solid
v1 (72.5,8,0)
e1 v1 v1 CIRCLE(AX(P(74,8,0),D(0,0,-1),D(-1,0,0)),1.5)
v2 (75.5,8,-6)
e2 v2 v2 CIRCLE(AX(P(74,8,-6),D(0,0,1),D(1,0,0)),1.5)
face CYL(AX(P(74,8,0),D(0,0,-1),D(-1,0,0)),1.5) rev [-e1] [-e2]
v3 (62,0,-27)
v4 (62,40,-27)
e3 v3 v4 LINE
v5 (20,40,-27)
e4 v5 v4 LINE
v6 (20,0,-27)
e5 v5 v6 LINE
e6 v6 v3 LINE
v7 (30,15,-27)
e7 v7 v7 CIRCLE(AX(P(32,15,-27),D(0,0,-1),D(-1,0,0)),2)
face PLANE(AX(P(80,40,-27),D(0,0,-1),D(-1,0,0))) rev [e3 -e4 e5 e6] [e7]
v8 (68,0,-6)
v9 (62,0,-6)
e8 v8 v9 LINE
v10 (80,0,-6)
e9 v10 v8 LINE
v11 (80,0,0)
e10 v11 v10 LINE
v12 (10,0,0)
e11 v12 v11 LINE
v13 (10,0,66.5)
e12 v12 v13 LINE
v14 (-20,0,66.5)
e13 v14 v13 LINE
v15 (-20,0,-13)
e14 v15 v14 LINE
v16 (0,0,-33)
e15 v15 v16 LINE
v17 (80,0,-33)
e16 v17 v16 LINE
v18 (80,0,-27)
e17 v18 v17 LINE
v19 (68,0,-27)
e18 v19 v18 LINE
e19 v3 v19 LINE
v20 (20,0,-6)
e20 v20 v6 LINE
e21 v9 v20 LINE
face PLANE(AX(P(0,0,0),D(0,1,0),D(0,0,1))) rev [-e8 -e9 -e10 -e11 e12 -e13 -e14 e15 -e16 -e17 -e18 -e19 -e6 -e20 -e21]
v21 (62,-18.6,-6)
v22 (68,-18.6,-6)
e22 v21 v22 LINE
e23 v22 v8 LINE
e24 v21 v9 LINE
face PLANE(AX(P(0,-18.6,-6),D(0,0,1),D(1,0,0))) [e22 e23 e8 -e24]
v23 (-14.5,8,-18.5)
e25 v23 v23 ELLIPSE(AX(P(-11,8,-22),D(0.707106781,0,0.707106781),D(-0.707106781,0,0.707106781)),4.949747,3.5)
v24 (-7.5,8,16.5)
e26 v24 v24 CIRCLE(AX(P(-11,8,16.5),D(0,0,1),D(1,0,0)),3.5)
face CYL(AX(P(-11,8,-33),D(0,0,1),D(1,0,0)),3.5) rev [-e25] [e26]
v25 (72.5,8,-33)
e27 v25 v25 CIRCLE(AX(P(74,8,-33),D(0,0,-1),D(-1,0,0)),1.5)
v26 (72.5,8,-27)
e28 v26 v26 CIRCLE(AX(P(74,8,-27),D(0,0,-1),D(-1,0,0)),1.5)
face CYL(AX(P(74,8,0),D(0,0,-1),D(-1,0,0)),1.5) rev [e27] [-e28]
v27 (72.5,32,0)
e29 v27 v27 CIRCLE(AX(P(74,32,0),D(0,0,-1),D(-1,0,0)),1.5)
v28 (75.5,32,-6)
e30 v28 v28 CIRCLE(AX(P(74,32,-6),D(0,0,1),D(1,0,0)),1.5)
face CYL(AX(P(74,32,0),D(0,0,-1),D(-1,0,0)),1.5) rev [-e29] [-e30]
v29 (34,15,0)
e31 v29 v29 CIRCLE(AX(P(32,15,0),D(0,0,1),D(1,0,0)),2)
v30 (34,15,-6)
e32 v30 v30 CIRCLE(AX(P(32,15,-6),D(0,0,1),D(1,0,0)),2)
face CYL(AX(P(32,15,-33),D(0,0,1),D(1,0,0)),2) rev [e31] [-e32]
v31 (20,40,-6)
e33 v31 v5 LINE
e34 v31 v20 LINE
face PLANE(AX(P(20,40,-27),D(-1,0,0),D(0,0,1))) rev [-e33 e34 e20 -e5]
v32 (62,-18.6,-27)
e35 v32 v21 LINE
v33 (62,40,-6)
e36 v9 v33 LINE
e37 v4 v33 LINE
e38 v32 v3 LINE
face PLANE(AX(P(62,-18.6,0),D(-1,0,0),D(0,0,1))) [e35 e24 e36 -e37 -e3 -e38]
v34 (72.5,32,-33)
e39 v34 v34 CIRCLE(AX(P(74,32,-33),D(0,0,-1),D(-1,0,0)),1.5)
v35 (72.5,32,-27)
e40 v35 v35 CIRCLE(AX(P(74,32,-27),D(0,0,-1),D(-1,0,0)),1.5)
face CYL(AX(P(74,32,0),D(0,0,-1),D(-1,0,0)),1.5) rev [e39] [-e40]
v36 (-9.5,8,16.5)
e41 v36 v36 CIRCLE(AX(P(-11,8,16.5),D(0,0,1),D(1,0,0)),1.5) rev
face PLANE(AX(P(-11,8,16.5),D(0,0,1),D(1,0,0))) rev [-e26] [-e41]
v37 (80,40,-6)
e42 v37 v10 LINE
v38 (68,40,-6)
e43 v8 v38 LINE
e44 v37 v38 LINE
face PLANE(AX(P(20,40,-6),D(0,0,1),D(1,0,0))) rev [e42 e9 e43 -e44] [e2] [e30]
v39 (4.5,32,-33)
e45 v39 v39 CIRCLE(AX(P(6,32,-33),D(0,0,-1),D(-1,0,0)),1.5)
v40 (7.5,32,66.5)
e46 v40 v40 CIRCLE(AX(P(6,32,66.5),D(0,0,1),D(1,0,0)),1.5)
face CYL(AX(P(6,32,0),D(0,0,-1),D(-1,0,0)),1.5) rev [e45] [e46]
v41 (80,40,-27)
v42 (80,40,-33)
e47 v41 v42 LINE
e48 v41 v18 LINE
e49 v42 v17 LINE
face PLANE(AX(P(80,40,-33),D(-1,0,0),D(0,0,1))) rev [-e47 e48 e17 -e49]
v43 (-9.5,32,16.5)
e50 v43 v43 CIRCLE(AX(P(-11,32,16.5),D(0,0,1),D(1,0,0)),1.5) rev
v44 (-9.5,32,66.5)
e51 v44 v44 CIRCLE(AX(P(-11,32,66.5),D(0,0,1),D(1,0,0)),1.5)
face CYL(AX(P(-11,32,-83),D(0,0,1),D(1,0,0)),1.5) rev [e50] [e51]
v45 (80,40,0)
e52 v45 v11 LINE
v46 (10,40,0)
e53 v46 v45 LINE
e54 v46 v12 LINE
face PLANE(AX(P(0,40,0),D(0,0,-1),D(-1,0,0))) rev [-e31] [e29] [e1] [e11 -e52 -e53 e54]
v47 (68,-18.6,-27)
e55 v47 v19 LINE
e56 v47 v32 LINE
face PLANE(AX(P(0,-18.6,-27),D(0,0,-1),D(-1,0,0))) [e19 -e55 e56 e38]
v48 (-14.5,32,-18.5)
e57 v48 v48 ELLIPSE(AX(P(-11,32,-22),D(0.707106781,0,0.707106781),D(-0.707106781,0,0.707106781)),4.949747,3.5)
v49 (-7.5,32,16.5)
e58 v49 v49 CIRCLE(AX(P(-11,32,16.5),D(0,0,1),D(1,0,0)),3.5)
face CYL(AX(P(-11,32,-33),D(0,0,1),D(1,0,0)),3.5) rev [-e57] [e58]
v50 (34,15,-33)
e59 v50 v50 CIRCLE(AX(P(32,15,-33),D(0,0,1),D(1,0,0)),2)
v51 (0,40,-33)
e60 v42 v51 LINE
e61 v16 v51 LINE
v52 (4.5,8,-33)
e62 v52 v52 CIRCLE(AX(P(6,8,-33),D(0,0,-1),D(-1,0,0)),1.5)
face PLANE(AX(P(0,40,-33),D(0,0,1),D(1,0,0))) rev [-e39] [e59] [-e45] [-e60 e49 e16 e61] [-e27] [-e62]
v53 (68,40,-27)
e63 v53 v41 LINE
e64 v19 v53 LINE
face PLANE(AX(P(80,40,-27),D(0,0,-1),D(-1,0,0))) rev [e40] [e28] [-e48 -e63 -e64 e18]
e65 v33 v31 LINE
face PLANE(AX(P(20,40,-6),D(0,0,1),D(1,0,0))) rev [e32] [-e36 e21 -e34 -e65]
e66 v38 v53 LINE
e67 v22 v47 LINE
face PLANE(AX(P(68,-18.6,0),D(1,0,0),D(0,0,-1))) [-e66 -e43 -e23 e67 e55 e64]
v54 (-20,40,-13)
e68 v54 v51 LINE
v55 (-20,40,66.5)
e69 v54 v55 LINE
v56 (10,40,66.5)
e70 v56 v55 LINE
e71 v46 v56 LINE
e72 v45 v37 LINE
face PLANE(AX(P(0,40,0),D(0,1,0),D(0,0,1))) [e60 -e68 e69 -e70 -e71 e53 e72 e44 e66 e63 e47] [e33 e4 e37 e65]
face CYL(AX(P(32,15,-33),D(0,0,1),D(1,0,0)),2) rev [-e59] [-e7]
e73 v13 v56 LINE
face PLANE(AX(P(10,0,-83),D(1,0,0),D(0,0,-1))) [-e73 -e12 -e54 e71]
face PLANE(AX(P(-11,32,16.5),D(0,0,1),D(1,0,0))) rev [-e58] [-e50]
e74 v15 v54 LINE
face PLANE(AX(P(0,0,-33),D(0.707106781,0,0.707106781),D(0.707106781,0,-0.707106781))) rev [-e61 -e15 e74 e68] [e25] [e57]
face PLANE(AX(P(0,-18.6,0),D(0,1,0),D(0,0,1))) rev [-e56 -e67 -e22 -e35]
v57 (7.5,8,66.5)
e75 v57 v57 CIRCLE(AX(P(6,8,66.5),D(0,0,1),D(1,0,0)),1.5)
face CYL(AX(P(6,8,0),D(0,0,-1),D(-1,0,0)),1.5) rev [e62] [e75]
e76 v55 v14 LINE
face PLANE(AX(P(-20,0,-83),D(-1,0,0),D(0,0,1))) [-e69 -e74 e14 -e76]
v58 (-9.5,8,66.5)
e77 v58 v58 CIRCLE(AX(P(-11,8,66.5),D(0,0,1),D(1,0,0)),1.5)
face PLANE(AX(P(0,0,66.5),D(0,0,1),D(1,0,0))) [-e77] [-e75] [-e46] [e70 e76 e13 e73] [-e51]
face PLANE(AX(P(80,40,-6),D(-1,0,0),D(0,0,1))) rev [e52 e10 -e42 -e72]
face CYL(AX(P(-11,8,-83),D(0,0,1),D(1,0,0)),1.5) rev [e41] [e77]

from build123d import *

# Parameters (mm, degrees)
EXTRUDE_1_DEPTH             = 40
SKETCH_8_R                  = 1.5
CUT_EXTRUDE_2_DEPTH         = 96.336247042
SKETCH_12_W                 = 30
SKETCH_12_H                 = 40
SKETCH_12_R                 = 1.5
EXTRUDE_7_DEPTH             = 66.5
EXTRUDE_7_DIRECTION_2_REACH = 97.336
CUT_EXTRUDE_3_DEPTH         = 112.45514793
CUT_EXTRUDE_START           = -50
SKETCH_15_R                 = 3.5
CUT_EXTRUDE_4_DEPTH         = 84.791815893
EXTRUDE_START               = -58.6
SKETCH_16_W                 = 6
SKETCH_16_H                 = 21
EXTRUDE_9_DEPTH             = 58.6
SKETCH_17_R                 = 2
CUT_EXTRUDE_5_DEPTH         = 112.45514793


with BuildPart() as part:
    # 草图1 → 凸台-拉伸1 (new body)
    with BuildSketch(Plane(origin=(0, 0, 0), x_dir=(1, 0, 0), z_dir=(0, 1, 0))):
        Polygon((0, 0), (80, 0), (80, 6), (20, 6), (20, 27), (80, 27), (80, 33), (0, 33), align=None)
    extrude(amount=EXTRUDE_1_DEPTH)

    # 草图8 → 切除-拉伸2 (cut, through all)
    with BuildSketch(Plane(origin=(0, 0, -33), x_dir=(-1, 0, 0), z_dir=(0, 0, -1))):
        with Locations((-74, 8)):
            Circle(SKETCH_8_R)
        with Locations((-74, 32)):
            Circle(SKETCH_8_R)
        with Locations((-6, 32)):
            Circle(SKETCH_8_R)
        with Locations((-6, 8)):
            Circle(SKETCH_8_R)
    extrude(amount=-CUT_EXTRUDE_2_DEPTH, mode=Mode.SUBTRACT)

    # 草图12 → 凸台-拉伸7 (add)
    with BuildSketch(Plane.XY):
        with Locations((-5, 20)):
            Rectangle(SKETCH_12_W, SKETCH_12_H)
        with Locations((-11, 32)):
            Circle(SKETCH_12_R, mode=Mode.SUBTRACT)
        with Locations((-11, 8)):
            Circle(SKETCH_12_R, mode=Mode.SUBTRACT)
        with Locations(Location((6, 8, 0), (0, 0, 180))):
            Circle(SKETCH_12_R, mode=Mode.SUBTRACT)
        with Locations(Location((6, 32, 0), (0, 0, 180))):
            Circle(SKETCH_12_R, mode=Mode.SUBTRACT)
    extrude(amount=EXTRUDE_7_DEPTH)

    # 凸台-拉伸7 direction 2: up to this face of the body (flat: up to its plane)
    extrude_7_direction_2_end = Plane(part.part.faces().sort_by_distance((40, 20, -33))[0])
    # 草图12 → 凸台-拉伸7 direction 2 (add, up to the picked face)
    with BuildSketch(Plane.XY, mode=Mode.PRIVATE) as extrude_7_direction_2_sk1:
        with Locations((-5, 20)):
            Rectangle(SKETCH_12_W, SKETCH_12_H)
        with Locations((-11, 32)):
            Circle(SKETCH_12_R, mode=Mode.SUBTRACT)
        with Locations((-11, 8)):
            Circle(SKETCH_12_R, mode=Mode.SUBTRACT)
        with Locations(Location((6, 8, 0), (0, 0, 180))):
            Circle(SKETCH_12_R, mode=Mode.SUBTRACT)
        with Locations(Location((6, 32, 0), (0, 0, 180))):
            Circle(SKETCH_12_R, mode=Mode.SUBTRACT)
    extrude_7_direction_2_tool1 = split(extrude(extrude_7_direction_2_sk1.sketch, amount=-EXTRUDE_7_DIRECTION_2_REACH, mode=Mode.PRIVATE), bisect_by=extrude_7_direction_2_end, keep=Keep.BOTH, mode=Mode.PRIVATE)
    add(extrude_7_direction_2_tool1.solids().sort_by(Axis((-5.060326, 20, 0), (0, 0, -1)))[0])

    # 草图14 → 切除-拉伸3 (cut, through all)
    with BuildSketch(Plane(origin=(0, 40, 0), x_dir=(1, 0, 0), z_dir=(0, 1, 0))):
        Polygon((-20, 33), (0, 33), (-20, 13), align=None)
    extrude(amount=-CUT_EXTRUDE_3_DEPTH, mode=Mode.SUBTRACT)

    # 草图15 → 切除-拉伸4 (cut, through all)
    with BuildSketch(Plane.XY.offset(66.5).offset(CUT_EXTRUDE_START)):
        with Locations((-11, 32)):
            Circle(SKETCH_15_R)
        with Locations((-11, 8)):
            Circle(SKETCH_15_R)
    extrude(amount=-CUT_EXTRUDE_4_DEPTH, mode=Mode.SUBTRACT)

    # 草图16 → 凸台-拉伸9 (add)
    with BuildSketch(Plane(origin=(0, 40, 0), x_dir=(1, 0, 0), z_dir=(0, 1, 0)).offset(EXTRUDE_START)):
        with Locations((65, 16.5)):
            Rectangle(SKETCH_16_W, SKETCH_16_H)
    extrude(amount=EXTRUDE_9_DEPTH)

    # 草图17 → 切除-拉伸5 (cut, through all)
    with BuildSketch(Plane.XY):
        with Locations((32, 15)):
            Circle(SKETCH_17_R)
    extrude(amount=-CUT_EXTRUDE_5_DEPTH, mode=Mode.SUBTRACT)


solid = part.part
